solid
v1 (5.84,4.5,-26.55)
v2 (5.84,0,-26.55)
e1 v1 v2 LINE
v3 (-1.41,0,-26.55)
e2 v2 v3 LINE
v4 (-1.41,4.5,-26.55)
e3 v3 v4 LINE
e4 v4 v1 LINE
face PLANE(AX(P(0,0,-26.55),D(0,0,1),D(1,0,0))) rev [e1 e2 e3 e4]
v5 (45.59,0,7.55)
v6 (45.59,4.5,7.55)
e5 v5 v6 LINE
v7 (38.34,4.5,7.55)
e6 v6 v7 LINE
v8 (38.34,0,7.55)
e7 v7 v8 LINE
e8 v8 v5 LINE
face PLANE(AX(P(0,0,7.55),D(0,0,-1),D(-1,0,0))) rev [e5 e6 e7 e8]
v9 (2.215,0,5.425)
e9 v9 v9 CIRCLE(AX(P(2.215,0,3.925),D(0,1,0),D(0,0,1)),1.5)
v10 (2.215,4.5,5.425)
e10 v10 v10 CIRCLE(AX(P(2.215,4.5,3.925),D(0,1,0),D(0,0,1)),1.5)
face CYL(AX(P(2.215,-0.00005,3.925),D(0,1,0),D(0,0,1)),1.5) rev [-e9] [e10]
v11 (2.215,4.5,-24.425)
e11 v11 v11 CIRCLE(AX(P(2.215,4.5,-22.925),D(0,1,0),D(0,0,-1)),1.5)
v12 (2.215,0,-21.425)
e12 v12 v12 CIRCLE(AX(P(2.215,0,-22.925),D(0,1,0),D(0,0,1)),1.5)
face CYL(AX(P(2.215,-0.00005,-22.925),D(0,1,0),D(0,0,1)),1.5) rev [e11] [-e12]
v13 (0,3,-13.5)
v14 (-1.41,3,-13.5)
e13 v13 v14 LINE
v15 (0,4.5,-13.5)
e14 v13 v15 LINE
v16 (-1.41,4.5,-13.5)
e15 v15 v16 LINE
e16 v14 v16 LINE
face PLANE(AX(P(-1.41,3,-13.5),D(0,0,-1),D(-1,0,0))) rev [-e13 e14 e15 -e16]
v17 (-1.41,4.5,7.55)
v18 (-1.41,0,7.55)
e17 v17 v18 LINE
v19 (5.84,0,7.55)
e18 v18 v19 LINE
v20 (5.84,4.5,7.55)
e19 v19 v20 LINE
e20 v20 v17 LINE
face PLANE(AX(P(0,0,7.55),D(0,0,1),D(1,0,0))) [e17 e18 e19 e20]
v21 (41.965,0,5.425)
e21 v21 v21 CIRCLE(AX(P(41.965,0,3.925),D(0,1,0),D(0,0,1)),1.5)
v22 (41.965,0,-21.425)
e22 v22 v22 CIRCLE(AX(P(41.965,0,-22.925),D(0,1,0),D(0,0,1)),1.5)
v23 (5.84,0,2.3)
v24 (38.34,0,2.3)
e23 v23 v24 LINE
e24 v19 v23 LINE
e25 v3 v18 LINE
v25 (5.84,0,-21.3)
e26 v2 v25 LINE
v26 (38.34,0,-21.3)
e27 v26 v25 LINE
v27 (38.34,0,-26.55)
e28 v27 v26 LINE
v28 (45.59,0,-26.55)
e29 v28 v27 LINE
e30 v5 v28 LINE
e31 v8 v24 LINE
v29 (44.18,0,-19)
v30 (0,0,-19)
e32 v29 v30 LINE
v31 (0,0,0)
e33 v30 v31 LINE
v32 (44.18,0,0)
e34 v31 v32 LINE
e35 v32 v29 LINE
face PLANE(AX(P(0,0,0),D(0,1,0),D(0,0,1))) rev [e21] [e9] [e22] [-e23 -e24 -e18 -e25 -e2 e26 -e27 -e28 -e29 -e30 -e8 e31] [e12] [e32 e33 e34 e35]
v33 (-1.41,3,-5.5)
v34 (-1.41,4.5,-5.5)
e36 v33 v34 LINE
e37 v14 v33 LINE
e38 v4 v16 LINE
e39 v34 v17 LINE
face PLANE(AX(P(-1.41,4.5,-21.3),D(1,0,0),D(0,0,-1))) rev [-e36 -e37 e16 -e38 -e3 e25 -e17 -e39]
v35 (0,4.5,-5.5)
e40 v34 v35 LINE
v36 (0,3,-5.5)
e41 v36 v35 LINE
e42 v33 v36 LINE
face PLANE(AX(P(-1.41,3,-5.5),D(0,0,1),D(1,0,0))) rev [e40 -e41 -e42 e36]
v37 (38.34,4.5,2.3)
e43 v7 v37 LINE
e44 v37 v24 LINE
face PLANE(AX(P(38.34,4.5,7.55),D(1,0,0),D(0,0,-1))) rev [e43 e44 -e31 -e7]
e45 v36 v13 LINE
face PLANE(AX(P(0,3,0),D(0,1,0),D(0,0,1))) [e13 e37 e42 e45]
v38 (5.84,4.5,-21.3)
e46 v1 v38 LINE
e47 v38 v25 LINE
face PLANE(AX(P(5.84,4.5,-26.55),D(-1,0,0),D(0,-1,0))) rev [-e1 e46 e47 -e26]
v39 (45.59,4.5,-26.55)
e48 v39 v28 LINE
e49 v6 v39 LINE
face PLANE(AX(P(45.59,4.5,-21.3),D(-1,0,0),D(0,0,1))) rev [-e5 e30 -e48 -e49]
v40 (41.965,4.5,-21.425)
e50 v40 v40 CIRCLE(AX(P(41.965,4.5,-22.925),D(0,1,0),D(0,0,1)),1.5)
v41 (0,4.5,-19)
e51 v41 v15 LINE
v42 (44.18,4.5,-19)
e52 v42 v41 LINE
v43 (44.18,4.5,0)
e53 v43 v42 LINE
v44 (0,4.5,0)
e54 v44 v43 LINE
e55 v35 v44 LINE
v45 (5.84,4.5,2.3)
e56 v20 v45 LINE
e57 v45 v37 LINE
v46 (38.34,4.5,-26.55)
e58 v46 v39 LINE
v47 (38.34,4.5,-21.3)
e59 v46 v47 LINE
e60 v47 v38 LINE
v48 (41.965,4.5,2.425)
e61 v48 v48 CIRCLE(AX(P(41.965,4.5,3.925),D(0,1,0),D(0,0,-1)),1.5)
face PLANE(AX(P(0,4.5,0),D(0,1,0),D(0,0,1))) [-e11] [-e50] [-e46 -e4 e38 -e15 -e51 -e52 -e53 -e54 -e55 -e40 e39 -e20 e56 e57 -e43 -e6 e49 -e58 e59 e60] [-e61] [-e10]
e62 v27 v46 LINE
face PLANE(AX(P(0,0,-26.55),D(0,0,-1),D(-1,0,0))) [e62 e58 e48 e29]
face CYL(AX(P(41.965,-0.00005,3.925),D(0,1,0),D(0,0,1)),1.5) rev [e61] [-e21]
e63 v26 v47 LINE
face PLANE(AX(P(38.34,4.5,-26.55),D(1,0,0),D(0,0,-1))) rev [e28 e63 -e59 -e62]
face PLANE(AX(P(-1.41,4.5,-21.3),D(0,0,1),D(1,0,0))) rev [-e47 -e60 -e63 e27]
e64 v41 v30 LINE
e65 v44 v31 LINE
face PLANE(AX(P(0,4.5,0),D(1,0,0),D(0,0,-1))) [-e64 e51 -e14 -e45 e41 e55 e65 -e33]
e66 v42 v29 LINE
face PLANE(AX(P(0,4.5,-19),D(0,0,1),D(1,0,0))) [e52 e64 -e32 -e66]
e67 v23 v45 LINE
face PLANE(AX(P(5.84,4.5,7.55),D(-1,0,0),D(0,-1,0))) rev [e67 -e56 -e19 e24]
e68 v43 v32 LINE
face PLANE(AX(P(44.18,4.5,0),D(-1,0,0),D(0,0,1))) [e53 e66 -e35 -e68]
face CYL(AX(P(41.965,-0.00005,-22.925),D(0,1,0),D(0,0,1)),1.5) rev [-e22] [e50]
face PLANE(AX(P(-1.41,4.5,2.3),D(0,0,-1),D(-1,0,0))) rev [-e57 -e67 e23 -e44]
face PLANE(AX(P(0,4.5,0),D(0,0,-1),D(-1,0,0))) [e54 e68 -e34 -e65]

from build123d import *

# Parameters (mm, degrees)
SKETCH1_W           = 47
SKETCH1_H           = 23.6
SKETCH1_W_2         = 44.18
SKETCH1_H_2         = 19
BOSS_EXTRUDE1_DEPTH = 4.5
SKETCH6_W           = 7.25
SKETCH6_H           = 4.5
BOSS_EXTRUDE3_DEPTH = 5.25
SKETCH7_W           = 7.25
SKETCH7_H           = 4.5
BOSS_EXTRUDE4_DEPTH = 5.25
SKETCH8_R           = 1.5
CUT_EXTRUDE2_DEPTH  = 5.5
SKETCH10_W          = 1.41
SKETCH10_H          = 8
CUT_EXTRUDE3_DEPTH  = 1.5


with BuildPart() as part:
    # Sketch1 → Boss-Extrude1 (new body)
    with BuildSketch(Plane(origin=(0, 0, 0), x_dir=(1, 0, 0), z_dir=(0, 1, 0))):
        with Locations((22.09, 9.5)):
            Rectangle(SKETCH1_W, SKETCH1_H)
        with Locations((22.09, 9.5)):
            Rectangle(SKETCH1_W_2, SKETCH1_H_2, mode=Mode.SUBTRACT)
    extrude(amount=BOSS_EXTRUDE1_DEPTH)

    # Sketch6 → Boss-Extrude3 (add)
    with BuildSketch(Plane.XY.offset(2.3)):
        with Locations((2.215, 2.25)):
            Rectangle(SKETCH6_W, SKETCH6_H)
        with Locations((41.965, 2.25)):
            Rectangle(SKETCH6_W, SKETCH6_H)
    extrude(amount=BOSS_EXTRUDE3_DEPTH)

    # Sketch7 → Boss-Extrude4 (add)
    with BuildSketch(Plane(origin=(0, 0, -21.3), x_dir=(-1, 0, 0), z_dir=(0, 0, -1))):
        with Locations((-41.965, 2.25)):
            Rectangle(SKETCH7_W, SKETCH7_H)
        with Locations((-2.215, 2.25)):
            Rectangle(SKETCH7_W, SKETCH7_H)
    extrude(amount=BOSS_EXTRUDE4_DEPTH)

    # Sketch8 → Cut-Extrude2 (cut, through all)
    with BuildSketch(Plane(origin=(0, 4.5, 0), x_dir=(1, 0, 0), z_dir=(0, 1, 0))):
        with Locations((41.965, 22.925)):
            Circle(SKETCH8_R)
        with Locations((41.965, -3.925)):
            Circle(SKETCH8_R)
        with Locations((2.215, -3.925)):
            Circle(SKETCH8_R)
        with Locations((2.215, 22.925)):
            Circle(SKETCH8_R)
    extrude(amount=-CUT_EXTRUDE2_DEPTH, mode=Mode.SUBTRACT)

    # Sketch10 → Cut-Extrude3 (cut)
    with BuildSketch(Plane(origin=(0, 4.5, 0), x_dir=(1, 0, 0), z_dir=(0, 1, 0))):
        with Locations((-0.705, 9.5)):
            Rectangle(SKETCH10_W, SKETCH10_H)
    extrude(amount=-CUT_EXTRUDE3_DEPTH, mode=Mode.SUBTRACT)


solid = part.part
